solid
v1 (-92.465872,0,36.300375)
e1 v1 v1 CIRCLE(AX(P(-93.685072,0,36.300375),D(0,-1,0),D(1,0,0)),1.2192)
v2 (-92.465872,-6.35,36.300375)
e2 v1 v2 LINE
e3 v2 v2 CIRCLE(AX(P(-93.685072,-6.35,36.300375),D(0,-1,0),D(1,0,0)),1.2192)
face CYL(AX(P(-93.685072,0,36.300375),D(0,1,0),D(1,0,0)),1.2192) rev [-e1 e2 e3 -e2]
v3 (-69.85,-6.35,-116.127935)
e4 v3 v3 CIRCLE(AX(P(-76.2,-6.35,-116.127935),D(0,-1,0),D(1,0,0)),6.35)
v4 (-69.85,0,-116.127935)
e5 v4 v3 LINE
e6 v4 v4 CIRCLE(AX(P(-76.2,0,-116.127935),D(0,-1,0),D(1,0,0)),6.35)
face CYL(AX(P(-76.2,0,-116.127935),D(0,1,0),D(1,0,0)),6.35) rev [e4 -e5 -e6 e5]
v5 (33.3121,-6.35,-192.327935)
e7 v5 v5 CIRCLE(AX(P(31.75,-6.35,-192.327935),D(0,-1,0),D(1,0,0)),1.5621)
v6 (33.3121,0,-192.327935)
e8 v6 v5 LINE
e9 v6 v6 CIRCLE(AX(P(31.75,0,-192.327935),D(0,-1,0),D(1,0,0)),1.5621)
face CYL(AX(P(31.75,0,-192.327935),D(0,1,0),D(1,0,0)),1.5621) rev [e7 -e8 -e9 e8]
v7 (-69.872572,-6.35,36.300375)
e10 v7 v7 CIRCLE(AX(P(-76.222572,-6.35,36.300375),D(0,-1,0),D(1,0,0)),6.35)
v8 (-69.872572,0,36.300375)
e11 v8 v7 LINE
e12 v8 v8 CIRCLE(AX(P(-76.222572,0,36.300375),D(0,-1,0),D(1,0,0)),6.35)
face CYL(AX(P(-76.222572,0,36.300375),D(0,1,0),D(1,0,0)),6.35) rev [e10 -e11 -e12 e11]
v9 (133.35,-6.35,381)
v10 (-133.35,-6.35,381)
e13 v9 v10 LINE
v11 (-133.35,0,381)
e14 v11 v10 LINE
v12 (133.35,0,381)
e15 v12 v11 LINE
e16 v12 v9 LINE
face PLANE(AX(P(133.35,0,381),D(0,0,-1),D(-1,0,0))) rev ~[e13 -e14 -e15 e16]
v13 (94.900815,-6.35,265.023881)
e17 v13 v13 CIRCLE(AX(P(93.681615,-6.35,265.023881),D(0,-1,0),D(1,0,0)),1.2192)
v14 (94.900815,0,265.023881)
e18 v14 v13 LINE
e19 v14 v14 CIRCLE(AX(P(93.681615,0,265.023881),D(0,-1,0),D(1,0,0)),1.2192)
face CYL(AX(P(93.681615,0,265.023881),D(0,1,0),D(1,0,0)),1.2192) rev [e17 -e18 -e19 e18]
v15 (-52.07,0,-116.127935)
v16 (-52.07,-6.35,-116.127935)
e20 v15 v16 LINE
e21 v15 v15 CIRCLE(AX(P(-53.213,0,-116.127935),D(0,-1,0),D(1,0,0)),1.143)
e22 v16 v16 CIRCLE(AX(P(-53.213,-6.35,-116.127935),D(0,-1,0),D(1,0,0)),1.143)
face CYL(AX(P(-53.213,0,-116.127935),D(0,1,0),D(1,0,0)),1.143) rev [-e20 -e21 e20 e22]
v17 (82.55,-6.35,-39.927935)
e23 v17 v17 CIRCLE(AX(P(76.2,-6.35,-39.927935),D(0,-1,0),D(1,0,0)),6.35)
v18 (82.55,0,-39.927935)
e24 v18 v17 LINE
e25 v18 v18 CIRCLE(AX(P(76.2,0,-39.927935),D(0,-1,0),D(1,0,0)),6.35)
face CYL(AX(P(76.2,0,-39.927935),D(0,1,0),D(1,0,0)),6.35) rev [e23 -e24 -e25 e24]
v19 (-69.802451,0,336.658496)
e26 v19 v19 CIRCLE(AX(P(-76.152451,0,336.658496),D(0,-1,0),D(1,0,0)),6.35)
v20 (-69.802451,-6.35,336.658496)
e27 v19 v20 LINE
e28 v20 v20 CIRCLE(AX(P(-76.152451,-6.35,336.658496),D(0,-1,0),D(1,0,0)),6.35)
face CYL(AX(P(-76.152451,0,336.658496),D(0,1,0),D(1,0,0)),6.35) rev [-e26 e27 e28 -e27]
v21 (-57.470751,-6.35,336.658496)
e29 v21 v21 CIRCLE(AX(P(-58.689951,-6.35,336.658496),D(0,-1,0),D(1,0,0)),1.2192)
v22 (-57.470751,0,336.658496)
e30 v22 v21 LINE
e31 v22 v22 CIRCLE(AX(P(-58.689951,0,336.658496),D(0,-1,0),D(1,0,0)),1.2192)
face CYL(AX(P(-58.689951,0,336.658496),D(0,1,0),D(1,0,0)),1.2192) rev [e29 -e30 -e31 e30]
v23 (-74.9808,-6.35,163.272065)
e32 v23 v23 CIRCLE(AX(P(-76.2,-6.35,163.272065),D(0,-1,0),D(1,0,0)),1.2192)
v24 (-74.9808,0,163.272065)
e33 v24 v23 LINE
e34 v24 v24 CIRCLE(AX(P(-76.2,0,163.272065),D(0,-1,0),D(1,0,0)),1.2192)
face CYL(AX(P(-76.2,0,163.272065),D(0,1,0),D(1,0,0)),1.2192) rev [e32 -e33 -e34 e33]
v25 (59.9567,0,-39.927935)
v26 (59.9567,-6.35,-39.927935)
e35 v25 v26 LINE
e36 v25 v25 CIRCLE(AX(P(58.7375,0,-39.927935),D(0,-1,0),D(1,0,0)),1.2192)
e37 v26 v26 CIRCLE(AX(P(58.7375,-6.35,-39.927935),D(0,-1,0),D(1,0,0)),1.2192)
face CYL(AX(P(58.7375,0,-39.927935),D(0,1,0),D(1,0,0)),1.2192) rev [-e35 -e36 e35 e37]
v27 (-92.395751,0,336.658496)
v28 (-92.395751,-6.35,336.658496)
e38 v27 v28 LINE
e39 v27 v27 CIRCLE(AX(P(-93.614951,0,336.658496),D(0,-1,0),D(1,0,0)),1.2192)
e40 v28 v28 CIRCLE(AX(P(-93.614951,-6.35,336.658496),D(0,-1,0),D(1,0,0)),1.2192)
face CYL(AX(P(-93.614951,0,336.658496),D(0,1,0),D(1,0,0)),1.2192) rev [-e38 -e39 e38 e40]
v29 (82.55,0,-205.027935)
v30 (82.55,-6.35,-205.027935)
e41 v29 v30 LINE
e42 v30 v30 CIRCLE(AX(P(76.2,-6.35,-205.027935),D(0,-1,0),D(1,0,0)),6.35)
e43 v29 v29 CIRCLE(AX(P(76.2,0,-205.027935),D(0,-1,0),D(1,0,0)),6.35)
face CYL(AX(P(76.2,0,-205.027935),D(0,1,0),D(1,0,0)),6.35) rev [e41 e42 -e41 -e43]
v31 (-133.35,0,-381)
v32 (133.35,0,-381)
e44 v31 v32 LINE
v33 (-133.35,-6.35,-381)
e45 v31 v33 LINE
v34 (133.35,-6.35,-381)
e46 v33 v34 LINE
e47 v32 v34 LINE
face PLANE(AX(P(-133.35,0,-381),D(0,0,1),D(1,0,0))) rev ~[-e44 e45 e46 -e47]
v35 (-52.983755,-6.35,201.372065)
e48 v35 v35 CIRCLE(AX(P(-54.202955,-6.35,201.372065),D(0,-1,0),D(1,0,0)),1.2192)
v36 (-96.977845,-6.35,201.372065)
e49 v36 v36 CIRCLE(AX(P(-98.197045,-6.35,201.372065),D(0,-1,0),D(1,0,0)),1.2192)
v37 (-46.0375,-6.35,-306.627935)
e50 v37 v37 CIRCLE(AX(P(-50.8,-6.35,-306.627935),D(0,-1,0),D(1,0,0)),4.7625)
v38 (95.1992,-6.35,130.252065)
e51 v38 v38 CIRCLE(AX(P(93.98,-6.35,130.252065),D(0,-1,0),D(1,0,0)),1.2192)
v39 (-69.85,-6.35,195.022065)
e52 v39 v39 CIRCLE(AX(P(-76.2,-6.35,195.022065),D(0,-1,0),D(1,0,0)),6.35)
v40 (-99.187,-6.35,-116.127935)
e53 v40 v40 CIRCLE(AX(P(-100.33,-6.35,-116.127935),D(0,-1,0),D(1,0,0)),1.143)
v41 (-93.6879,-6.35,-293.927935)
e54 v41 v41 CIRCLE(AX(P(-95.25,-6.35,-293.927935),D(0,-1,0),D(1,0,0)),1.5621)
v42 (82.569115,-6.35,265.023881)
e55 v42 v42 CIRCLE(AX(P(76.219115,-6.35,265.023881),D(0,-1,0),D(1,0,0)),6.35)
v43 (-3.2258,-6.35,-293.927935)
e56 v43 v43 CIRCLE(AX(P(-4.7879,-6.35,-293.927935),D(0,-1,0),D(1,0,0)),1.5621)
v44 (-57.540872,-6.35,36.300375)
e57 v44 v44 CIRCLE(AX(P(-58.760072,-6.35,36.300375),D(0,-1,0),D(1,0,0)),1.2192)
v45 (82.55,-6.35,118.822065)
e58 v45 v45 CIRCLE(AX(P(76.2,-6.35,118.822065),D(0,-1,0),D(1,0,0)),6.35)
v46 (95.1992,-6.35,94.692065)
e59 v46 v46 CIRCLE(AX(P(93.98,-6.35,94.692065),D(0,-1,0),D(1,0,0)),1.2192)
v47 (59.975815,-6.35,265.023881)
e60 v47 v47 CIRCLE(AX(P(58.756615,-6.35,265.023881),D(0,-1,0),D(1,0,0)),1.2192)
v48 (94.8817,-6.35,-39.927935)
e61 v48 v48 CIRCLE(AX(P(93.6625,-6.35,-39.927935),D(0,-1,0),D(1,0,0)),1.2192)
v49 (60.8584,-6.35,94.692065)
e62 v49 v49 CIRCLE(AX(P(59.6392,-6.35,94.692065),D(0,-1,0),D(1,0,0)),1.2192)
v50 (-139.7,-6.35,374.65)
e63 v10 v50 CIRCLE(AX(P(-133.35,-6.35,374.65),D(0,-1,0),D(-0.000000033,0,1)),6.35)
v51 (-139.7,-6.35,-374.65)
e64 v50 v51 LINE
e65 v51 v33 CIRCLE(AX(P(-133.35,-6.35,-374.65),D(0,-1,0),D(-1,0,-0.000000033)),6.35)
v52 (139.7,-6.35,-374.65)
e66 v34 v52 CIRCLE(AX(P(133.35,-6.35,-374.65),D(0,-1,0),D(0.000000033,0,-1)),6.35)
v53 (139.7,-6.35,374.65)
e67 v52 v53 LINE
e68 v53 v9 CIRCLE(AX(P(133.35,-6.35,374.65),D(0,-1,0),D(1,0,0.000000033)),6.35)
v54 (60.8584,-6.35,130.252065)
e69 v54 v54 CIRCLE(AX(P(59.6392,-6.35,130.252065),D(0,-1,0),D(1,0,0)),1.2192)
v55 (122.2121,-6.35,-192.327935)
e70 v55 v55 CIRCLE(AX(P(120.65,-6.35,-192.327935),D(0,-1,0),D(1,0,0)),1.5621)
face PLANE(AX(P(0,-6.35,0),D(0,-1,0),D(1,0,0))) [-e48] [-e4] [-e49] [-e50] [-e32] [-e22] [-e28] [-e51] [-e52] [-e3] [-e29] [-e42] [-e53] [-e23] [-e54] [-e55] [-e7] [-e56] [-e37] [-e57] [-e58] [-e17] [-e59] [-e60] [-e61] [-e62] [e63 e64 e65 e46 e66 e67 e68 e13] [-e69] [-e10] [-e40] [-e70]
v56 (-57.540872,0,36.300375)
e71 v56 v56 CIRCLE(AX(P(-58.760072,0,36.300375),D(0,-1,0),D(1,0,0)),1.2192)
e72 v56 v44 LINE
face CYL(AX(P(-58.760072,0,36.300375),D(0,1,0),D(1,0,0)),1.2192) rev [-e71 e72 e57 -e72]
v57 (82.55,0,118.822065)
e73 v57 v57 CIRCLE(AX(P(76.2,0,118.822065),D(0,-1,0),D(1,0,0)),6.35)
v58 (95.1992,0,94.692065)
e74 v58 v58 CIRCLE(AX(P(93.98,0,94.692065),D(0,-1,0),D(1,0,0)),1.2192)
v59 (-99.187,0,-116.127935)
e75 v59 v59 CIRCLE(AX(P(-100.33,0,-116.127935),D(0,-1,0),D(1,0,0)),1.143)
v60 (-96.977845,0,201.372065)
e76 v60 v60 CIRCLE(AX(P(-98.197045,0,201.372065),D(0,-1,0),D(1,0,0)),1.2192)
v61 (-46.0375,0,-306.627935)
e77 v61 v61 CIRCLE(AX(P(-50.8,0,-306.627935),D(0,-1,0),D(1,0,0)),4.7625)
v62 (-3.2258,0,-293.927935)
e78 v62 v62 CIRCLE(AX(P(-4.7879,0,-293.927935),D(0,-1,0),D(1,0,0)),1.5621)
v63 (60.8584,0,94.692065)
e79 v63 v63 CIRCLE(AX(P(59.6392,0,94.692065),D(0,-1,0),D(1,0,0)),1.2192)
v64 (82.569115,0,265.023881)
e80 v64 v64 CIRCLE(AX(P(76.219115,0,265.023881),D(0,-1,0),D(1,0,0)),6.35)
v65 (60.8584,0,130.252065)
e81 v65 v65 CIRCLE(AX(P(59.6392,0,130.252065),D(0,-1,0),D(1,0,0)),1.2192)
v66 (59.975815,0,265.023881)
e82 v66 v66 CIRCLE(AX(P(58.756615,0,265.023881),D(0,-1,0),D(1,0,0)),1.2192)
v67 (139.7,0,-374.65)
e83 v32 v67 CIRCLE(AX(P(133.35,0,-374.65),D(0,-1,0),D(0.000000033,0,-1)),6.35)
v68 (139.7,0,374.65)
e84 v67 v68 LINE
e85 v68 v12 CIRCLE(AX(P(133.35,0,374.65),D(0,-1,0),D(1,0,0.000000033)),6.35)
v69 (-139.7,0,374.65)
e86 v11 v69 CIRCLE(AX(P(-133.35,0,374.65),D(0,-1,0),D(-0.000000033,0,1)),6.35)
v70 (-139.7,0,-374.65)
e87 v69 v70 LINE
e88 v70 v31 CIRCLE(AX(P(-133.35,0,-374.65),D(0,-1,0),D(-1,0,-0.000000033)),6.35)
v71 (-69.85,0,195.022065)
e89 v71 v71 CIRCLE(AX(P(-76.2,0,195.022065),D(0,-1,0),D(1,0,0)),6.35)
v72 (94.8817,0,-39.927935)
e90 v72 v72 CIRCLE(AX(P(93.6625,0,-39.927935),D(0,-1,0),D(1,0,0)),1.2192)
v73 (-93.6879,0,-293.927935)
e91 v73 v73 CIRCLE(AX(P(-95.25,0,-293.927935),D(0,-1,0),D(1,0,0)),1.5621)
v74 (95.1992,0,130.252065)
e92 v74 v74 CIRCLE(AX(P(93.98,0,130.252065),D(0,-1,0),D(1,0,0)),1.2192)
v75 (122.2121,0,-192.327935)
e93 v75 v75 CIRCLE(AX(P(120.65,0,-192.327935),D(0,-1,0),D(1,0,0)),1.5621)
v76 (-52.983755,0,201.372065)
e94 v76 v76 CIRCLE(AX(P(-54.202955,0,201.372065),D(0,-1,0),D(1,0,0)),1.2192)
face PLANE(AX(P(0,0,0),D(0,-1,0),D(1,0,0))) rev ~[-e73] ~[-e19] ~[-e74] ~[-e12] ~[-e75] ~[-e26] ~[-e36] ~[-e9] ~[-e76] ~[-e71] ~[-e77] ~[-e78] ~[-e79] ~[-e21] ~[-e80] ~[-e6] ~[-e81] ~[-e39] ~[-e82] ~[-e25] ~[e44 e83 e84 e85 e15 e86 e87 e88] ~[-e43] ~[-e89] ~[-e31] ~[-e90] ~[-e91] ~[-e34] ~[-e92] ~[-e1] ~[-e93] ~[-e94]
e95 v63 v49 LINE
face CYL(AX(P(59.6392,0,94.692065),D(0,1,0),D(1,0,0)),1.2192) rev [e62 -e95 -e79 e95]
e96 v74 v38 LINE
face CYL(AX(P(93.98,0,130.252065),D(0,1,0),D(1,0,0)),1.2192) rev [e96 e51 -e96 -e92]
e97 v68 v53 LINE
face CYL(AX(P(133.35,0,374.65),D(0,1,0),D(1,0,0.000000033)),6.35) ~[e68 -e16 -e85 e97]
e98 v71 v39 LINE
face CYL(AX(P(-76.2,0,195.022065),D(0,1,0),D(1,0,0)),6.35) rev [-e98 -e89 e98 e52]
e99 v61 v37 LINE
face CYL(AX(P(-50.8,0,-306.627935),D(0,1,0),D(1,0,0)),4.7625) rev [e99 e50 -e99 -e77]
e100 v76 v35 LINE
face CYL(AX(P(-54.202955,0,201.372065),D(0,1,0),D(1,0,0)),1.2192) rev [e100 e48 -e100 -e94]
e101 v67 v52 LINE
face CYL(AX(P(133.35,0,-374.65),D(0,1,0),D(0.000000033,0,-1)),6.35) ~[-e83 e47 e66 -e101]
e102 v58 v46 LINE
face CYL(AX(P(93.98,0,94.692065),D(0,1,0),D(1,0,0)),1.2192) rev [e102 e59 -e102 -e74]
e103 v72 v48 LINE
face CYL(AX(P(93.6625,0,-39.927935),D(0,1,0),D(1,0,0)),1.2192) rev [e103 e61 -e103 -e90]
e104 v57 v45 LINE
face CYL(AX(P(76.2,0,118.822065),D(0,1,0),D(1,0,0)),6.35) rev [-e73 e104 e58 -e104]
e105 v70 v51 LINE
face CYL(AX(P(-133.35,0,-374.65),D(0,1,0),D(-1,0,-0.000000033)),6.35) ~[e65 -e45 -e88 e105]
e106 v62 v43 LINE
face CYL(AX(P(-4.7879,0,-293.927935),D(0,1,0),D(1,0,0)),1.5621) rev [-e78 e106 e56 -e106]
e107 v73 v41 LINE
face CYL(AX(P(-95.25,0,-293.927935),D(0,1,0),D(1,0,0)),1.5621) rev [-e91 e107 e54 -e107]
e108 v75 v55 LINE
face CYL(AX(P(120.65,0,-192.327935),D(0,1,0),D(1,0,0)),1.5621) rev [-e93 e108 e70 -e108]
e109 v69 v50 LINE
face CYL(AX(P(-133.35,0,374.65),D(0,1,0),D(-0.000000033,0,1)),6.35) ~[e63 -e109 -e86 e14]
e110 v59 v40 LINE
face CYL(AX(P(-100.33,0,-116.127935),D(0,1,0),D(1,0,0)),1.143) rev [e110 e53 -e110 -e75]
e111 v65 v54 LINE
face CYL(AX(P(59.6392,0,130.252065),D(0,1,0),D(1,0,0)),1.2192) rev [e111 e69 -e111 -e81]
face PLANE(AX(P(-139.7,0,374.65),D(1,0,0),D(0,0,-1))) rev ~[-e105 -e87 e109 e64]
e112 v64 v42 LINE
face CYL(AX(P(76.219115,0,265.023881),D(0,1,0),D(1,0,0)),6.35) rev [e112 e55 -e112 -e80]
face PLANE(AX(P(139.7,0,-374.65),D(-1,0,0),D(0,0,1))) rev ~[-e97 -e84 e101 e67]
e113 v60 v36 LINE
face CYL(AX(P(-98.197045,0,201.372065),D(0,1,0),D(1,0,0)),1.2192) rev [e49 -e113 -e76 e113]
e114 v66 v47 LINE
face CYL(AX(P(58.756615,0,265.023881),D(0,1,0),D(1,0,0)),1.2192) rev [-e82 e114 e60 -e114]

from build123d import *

# Parameters (mm, degrees)
F0_R     = 1.5621
F0_R_2   = 4.7625
F0_R_3   = 1.143
F0_R_4   = 6.35
F0_R_5   = 1.2192
F1_DEPTH = 6.35


with BuildPart() as f1:
    # F0 (on Front) → F1 (new body)
    with BuildSketch(Plane.XZ):
        with BuildLine():
            Line((-133.35, -381), (133.35, -381))
            ThreePointArc((133.35, -381), (137.840128, -379.140128), (139.7, -374.65))
            Line((139.7, -374.65), (139.7, 374.65))
            ThreePointArc((139.7, 374.65), (137.840128, 379.140128), (133.35, 381))
            Line((133.35, 381), (-133.35, 381))
            ThreePointArc((-133.35, 381), (-137.840128, 379.140128), (-139.7, 374.65))
            Line((-139.7, 374.65), (-139.7, -374.65))
            ThreePointArc((-139.7, -374.65), (-137.840128, -379.140128), (-133.35, -381))
        make_face()
        with Locations((-95.25, -293.927935)):
            Circle(F0_R, mode=Mode.SUBTRACT)
        with Locations((-50.8, -306.627935)):
            Circle(F0_R_2, mode=Mode.SUBTRACT)
        with Locations((-4.7879, -293.927935)):
            Circle(F0_R, mode=Mode.SUBTRACT)
        with Locations((-100.33, -116.127935)):
            Circle(F0_R_3, mode=Mode.SUBTRACT)
        with Locations((-76.2, -116.127935)):
            Circle(F0_R_4, mode=Mode.SUBTRACT)
        with Locations((-53.213, -116.127935)):
            Circle(F0_R_3, mode=Mode.SUBTRACT)
        with Locations((31.75, -192.327935)):
            Circle(F0_R, mode=Mode.SUBTRACT)
        with Locations((76.2, -205.027935)):
            Circle(F0_R_4, mode=Mode.SUBTRACT)
        with Locations((120.65, -192.327935)):
            Circle(F0_R, mode=Mode.SUBTRACT)
        with Locations((58.7375, -39.927935)):
            Circle(F0_R_5, mode=Mode.SUBTRACT)
        with Locations((76.2, -39.927935)):
            Circle(F0_R_4, mode=Mode.SUBTRACT)
        with Locations((93.6625, -39.927935)):
            Circle(F0_R_5, mode=Mode.SUBTRACT)
        with Locations((-93.685072, 36.300375)):
            Circle(F0_R_5, mode=Mode.SUBTRACT)
        with Locations((-76.222572, 36.300375)):
            Circle(F0_R_4, mode=Mode.SUBTRACT)
        with Locations((-76.2, 163.272065)):
            Circle(F0_R_5, mode=Mode.SUBTRACT)
        with Locations((-58.760072, 36.300375)):
            Circle(F0_R_5, mode=Mode.SUBTRACT)
        with Locations((-98.197045, 201.372065)):
            Circle(F0_R_5, mode=Mode.SUBTRACT)
        with Locations((-76.2, 195.022065)):
            Circle(F0_R_4, mode=Mode.SUBTRACT)
        with Locations((-93.614951, 336.658496)):
            Circle(F0_R_5, mode=Mode.SUBTRACT)
        with Locations((-76.152451, 336.658496)):
            Circle(F0_R_4, mode=Mode.SUBTRACT)
        with Locations((-54.202955, 201.372065)):
            Circle(F0_R_5, mode=Mode.SUBTRACT)
        with Locations((-58.689951, 336.658496)):
            Circle(F0_R_5, mode=Mode.SUBTRACT)
        with Locations((59.6392, 94.692065)):
            Circle(F0_R_5, mode=Mode.SUBTRACT)
        with Locations((59.6392, 130.252065)):
            Circle(F0_R_5, mode=Mode.SUBTRACT)
        with Locations((93.98, 94.692065)):
            Circle(F0_R_5, mode=Mode.SUBTRACT)
        with Locations((76.2, 118.822065)):
            Circle(F0_R_4, mode=Mode.SUBTRACT)
        with Locations((93.98, 130.252065)):
            Circle(F0_R_5, mode=Mode.SUBTRACT)
        with Locations((58.756615, 265.023881)):
            Circle(F0_R_5, mode=Mode.SUBTRACT)
        with Locations((76.219115, 265.023881)):
            Circle(F0_R_4, mode=Mode.SUBTRACT)
        with Locations((93.681615, 265.023881)):
            Circle(F0_R_5, mode=Mode.SUBTRACT)
    extrude(amount=F1_DEPTH)


solid = f1.part
